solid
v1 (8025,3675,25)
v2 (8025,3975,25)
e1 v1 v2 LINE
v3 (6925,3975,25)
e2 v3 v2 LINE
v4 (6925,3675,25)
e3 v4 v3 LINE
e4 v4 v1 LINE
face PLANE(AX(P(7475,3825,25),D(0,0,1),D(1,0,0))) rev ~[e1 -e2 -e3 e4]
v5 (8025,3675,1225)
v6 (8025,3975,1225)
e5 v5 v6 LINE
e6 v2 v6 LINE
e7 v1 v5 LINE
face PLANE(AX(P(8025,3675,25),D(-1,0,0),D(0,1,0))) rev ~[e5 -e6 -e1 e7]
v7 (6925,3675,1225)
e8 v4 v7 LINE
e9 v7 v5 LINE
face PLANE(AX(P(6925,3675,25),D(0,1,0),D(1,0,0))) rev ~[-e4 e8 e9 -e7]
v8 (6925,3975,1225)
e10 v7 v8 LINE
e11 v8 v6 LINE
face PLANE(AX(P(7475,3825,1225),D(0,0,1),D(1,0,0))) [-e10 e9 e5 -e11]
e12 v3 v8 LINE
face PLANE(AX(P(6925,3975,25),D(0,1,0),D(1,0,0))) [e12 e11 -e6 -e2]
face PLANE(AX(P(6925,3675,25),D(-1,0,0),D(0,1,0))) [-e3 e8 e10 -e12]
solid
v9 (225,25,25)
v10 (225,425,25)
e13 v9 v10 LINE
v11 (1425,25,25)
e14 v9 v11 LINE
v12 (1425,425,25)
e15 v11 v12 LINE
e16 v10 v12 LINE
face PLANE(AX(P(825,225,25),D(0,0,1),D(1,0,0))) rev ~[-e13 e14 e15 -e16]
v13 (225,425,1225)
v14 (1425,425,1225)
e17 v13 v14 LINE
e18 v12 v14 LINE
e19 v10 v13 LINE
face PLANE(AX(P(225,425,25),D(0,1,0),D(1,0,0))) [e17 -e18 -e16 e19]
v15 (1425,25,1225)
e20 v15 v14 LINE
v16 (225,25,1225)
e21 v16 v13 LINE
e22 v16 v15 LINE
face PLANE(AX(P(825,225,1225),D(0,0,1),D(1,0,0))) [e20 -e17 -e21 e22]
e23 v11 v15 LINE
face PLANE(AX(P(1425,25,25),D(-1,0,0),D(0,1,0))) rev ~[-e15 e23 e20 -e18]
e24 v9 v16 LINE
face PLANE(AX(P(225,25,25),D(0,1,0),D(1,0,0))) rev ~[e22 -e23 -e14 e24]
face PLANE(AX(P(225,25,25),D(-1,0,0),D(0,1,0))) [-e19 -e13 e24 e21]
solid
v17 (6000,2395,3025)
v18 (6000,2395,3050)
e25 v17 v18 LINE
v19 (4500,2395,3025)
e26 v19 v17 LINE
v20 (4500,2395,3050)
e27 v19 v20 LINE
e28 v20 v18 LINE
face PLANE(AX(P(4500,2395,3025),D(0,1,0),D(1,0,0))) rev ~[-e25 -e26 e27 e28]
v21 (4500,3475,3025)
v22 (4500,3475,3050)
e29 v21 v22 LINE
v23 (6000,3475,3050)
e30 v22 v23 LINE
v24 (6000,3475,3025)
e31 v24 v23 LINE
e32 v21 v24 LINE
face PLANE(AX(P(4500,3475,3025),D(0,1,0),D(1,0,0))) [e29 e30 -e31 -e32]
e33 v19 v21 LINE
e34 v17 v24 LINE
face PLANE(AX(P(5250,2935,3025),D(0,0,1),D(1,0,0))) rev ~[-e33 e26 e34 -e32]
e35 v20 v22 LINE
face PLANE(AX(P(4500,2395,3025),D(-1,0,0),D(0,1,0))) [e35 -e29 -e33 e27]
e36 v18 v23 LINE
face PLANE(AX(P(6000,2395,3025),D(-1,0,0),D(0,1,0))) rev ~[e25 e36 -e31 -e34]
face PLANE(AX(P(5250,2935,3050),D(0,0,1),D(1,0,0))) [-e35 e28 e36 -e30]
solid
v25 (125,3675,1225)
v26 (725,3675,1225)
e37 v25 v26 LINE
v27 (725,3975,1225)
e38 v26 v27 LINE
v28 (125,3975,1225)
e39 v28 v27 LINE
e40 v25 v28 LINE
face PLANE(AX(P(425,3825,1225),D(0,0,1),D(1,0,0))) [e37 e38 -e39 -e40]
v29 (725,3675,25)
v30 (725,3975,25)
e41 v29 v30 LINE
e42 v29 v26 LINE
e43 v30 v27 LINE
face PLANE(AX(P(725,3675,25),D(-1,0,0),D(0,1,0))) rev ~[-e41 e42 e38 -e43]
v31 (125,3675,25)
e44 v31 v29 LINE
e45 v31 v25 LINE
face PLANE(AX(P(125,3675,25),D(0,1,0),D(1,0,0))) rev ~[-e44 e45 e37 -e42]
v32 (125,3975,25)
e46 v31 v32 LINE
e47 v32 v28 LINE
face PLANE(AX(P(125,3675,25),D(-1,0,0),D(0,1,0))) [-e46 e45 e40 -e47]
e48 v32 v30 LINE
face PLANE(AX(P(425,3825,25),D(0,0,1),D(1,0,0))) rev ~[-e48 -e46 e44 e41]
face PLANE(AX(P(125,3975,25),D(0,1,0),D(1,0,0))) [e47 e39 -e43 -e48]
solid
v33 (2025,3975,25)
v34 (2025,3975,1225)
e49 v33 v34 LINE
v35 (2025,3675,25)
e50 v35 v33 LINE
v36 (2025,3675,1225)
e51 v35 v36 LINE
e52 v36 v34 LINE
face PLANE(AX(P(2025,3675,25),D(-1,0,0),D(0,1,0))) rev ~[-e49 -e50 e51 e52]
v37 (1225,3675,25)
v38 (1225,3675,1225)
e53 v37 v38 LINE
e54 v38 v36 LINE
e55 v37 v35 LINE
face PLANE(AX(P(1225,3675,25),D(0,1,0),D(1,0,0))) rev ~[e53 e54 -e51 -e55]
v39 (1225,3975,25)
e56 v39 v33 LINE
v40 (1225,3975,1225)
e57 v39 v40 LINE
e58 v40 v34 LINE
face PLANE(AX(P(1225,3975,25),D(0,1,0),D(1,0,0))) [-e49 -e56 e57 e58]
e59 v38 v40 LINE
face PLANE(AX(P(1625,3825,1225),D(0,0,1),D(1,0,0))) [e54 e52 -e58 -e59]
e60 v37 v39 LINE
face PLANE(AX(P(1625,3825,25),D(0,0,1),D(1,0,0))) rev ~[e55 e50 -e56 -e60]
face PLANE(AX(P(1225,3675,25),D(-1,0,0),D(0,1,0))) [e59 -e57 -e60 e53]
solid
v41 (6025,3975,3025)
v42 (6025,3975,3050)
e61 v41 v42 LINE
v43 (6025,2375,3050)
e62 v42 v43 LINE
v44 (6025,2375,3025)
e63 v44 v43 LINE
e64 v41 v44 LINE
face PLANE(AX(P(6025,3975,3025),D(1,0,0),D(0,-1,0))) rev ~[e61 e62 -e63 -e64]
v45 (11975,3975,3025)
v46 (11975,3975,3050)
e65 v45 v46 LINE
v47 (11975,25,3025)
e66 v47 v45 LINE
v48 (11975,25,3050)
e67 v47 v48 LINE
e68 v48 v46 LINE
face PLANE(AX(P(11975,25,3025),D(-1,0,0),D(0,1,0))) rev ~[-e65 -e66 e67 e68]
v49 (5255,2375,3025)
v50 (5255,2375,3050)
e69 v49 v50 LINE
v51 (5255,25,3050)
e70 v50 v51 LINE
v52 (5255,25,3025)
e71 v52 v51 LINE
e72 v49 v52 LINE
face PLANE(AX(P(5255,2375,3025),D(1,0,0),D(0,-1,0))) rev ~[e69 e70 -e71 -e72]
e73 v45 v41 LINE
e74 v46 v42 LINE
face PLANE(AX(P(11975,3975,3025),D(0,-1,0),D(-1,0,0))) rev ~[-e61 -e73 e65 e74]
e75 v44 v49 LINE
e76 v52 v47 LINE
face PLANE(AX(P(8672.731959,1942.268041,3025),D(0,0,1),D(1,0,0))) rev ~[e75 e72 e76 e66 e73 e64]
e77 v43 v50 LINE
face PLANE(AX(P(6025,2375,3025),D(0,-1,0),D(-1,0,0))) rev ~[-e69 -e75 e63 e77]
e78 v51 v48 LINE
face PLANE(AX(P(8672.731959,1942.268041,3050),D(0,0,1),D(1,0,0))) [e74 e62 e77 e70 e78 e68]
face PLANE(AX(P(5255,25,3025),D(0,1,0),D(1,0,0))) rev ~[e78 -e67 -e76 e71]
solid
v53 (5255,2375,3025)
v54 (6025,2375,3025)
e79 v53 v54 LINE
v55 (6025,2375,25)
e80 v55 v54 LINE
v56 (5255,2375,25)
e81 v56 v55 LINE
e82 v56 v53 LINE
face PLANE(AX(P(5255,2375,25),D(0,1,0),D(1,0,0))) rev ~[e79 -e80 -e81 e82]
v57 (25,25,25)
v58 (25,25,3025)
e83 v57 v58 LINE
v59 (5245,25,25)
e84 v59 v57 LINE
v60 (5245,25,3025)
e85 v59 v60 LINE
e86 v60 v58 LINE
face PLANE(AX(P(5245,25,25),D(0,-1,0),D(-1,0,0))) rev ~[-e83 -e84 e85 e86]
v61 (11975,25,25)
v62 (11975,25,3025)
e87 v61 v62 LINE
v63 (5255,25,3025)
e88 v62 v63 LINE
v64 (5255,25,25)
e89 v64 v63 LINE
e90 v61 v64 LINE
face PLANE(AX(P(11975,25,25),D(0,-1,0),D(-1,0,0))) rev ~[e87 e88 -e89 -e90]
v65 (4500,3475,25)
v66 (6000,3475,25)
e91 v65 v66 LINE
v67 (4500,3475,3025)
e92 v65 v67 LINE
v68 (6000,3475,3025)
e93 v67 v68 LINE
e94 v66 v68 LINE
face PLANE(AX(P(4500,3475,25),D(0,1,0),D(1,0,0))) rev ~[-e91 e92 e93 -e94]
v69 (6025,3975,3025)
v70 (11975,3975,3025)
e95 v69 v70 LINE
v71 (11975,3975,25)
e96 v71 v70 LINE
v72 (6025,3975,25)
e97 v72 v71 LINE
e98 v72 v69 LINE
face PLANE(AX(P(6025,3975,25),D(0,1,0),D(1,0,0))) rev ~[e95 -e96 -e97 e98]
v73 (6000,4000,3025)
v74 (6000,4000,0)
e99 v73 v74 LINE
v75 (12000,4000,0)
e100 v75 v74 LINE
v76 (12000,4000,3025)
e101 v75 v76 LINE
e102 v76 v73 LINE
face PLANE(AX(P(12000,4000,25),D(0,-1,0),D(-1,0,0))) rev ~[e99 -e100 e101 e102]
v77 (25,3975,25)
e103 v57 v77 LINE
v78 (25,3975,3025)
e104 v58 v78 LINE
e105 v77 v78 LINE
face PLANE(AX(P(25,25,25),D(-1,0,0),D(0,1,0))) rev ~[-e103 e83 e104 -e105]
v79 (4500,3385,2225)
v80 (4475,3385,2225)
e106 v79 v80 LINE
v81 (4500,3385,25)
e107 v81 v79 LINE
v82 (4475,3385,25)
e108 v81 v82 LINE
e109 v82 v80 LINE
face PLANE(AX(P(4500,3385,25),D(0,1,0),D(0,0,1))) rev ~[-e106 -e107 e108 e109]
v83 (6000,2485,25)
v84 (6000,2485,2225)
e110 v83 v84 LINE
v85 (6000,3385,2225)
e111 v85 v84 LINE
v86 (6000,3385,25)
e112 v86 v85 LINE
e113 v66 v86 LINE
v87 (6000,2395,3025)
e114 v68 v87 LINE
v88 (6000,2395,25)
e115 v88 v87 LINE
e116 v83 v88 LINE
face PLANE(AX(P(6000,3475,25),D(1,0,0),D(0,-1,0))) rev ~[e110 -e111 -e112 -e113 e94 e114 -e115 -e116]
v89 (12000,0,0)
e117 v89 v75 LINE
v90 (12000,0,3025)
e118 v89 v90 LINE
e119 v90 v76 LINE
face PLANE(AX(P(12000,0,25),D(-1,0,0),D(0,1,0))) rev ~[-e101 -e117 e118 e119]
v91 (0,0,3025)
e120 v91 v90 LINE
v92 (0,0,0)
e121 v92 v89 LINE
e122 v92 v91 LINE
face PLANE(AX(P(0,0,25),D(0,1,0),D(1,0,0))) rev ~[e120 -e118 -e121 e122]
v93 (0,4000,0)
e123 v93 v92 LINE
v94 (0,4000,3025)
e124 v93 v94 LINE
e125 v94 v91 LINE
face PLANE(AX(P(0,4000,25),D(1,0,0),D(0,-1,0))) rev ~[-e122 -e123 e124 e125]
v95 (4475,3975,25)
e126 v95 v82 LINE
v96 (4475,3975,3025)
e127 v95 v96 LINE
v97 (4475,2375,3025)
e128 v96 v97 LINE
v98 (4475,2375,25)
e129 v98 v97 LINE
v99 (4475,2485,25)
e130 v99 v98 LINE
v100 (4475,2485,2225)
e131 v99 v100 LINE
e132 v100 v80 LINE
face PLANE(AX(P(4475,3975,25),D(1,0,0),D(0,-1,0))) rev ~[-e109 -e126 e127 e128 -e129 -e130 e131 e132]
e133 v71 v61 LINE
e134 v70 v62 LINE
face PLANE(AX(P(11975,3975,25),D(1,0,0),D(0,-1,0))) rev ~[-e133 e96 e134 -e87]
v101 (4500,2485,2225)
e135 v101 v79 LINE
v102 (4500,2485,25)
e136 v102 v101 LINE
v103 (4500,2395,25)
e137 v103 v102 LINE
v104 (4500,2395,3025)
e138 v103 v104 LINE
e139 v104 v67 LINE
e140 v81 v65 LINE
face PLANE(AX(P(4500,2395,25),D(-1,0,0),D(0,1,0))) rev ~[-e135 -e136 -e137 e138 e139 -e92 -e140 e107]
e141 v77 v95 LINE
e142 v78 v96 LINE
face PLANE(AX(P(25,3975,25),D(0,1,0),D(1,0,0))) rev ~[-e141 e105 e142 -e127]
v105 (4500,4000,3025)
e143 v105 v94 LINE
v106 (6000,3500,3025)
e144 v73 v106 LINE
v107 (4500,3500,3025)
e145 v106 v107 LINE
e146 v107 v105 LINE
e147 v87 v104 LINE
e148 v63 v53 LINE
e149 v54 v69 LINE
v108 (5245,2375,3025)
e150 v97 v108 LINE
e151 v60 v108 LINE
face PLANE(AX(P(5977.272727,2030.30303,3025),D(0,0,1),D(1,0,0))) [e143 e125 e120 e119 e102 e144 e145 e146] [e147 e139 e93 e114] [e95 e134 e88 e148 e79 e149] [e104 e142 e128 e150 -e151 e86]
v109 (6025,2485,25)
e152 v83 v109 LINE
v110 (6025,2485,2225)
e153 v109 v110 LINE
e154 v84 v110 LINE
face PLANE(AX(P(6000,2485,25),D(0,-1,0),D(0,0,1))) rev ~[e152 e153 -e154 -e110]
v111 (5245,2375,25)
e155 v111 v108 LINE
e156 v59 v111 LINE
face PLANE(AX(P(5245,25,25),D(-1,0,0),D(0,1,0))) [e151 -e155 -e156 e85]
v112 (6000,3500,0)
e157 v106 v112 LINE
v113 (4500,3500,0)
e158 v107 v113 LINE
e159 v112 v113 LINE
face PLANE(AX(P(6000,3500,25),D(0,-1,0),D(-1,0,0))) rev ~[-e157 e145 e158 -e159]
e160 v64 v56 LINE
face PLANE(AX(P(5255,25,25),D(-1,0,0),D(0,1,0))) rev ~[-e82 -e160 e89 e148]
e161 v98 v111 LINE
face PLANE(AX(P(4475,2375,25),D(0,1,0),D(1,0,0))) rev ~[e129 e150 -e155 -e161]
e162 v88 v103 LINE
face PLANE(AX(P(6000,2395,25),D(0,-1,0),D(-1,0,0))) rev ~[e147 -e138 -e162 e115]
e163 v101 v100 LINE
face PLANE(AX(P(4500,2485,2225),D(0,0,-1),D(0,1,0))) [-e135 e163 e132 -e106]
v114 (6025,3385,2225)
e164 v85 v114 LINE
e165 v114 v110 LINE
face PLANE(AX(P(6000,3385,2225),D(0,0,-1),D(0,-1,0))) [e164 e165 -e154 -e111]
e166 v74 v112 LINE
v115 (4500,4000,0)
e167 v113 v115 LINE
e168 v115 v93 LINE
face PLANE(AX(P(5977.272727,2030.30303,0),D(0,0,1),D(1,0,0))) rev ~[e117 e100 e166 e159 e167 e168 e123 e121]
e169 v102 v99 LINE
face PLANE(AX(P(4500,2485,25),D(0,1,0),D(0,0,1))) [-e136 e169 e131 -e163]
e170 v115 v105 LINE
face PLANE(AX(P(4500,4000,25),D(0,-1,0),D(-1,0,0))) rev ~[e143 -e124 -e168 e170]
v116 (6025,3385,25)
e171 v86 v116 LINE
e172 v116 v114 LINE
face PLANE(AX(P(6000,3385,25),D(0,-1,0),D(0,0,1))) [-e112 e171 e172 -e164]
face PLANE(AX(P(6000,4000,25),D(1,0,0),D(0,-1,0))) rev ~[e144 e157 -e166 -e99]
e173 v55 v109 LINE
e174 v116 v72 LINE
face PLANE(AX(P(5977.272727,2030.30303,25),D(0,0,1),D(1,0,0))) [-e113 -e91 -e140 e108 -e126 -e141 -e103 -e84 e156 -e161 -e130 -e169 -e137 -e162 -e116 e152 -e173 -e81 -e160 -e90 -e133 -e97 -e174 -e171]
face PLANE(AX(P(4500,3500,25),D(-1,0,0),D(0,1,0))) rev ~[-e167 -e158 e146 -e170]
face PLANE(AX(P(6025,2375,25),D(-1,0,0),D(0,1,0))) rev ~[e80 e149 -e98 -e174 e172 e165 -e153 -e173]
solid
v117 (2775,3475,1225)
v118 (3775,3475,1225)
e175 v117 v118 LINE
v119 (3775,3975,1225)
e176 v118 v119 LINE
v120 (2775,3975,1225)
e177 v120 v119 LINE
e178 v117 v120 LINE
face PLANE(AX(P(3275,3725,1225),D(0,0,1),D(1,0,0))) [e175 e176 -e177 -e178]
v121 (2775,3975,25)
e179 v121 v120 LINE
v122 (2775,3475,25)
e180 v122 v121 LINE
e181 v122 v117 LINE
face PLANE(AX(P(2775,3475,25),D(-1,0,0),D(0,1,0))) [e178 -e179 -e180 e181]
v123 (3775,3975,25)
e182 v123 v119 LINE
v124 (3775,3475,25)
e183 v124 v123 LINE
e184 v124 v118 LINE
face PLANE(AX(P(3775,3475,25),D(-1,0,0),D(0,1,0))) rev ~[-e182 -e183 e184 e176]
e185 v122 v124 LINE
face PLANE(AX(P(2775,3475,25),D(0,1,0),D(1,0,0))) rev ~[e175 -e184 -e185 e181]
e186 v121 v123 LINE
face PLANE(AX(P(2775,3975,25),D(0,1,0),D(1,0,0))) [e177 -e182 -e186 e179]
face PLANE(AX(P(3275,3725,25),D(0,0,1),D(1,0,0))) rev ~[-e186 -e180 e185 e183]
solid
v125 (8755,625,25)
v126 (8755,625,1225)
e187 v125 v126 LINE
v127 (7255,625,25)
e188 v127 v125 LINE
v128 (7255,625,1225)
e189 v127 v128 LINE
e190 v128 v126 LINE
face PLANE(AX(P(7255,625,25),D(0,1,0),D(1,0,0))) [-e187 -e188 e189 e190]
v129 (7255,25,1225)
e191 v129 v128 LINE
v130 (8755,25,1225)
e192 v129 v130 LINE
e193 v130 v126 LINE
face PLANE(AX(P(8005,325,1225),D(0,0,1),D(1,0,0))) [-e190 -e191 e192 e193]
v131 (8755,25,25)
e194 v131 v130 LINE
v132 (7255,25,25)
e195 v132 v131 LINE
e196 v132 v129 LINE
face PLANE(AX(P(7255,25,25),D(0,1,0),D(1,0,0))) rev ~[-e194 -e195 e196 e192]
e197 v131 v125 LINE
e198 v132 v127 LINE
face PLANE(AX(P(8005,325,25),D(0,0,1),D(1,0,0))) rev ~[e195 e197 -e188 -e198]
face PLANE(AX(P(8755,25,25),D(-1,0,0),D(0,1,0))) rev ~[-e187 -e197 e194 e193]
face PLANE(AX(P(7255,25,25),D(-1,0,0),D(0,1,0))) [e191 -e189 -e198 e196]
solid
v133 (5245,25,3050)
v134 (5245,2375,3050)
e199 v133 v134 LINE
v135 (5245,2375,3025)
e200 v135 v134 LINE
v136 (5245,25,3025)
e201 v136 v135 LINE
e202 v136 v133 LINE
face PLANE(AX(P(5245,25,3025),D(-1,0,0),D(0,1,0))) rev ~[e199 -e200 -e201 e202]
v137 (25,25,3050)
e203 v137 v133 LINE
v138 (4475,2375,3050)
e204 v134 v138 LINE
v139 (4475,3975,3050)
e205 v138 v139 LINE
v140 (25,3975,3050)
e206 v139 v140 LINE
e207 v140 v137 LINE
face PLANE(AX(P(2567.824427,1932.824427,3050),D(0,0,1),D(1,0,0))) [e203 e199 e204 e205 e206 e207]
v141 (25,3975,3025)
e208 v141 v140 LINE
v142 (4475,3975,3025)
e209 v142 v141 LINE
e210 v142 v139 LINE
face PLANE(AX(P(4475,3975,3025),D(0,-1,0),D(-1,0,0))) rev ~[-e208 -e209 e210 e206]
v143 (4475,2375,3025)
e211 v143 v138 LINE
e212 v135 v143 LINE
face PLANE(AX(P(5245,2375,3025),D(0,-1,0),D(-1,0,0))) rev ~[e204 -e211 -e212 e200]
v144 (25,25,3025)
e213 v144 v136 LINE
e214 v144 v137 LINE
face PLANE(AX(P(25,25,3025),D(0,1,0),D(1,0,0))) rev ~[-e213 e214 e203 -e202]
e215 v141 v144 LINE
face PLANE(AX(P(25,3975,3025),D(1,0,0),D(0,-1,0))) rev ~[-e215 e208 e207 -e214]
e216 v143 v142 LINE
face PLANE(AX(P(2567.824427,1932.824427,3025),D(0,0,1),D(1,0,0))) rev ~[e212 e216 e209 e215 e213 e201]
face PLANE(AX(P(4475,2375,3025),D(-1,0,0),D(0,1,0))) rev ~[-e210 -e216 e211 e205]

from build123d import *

# Parameters (mm, degrees)
F1_DEPTH  = 25
F2_W      = 10
F2_H      = 2350
F3_DEPTH  = 3000
F4_W      = 900
F4_H      = 2200
F5_DEPTH  = 25
F6_W      = 900
F6_H      = 2200
F7_DEPTH  = 25
F8_W      = 600
F8_H      = 300
F9_DEPTH  = 1200
F8_W_2    = 800
F8_W_3    = 1000
F8_H_2    = 500
F8_W_4    = 1200
F8_H_3    = 400
F8_W_5    = 1500
F8_H_4    = 600
F8_W_6    = 1100
F11_DEPTH = 25
F10_W     = 1500
F10_H     = 1080


with BuildPart() as f1:
    # F0 (on Top) → F1 (new body)
    with BuildSketch(Plane.XY):
        Polygon((4500, 4000), (0, 4000), (0, 0), (12000, 0), (12000, 4000), (6000, 4000), (6000, 3500), (4500, 3500), align=None)
    extrude(amount=F1_DEPTH)

    # F2 (on face) → F3 (join)
    with BuildSketch(Plane.XY.offset(25)):
        Polygon((4500, 3500), (4500, 4000), (0, 4000), (0, 0), (12000, 0), (12000, 4000), (6000, 4000), (6000, 3500), align=None)
        Polygon((5245, 25), (25, 25), (25, 3975), (4475, 3975), (4475, 3475), (4500, 3475), (6000, 3475), (6025, 3475), (6025, 3975), (11975, 3975), (11975, 25), (5255, 25), align=None, mode=Mode.SUBTRACT)
        Polygon((4475, 2375), (5245, 2375), (5255, 2375), (6025, 2375), (6025, 3475), (6000, 3475), (6000, 2395), (4500, 2395), (4500, 3475), (4475, 3475), align=None)
        with Locations((5250, 1200)):
            Rectangle(F2_W, F2_H)
    extrude(amount=F3_DEPTH)

    # F4 (on face) → F5 (cut, through all)
    with BuildSketch(Plane.YZ.offset(4500)):
        with Locations((2935, 1125)):
            Rectangle(F4_W, F4_H)
    extrude(amount=-F5_DEPTH, mode=Mode.SUBTRACT)

    # F6 (on face) → F7 (cut, through all)
    with BuildSketch(Plane(origin=(6000, 0, 0), x_dir=(0, -1, 0), z_dir=(-1, 0, 0))):
        with Locations((-2935, 1125)):
            Rectangle(F6_W, F6_H)
    extrude(amount=-F7_DEPTH, mode=Mode.SUBTRACT)


with BuildPart() as f9:
    # F8 (on face) → F9 (new body)
    with BuildSketch(Plane.XY.offset(25)):
        with Locations((425, 3825)):
            Rectangle(F8_W, F8_H)
    extrude(amount=F9_DEPTH)


with BuildPart() as f9b:
    # F8 (on face) → F9, piece 2 (new body)
    with BuildSketch(Plane.XY.offset(25)):
        with Locations((1625, 3825)):
            Rectangle(F8_W_2, F8_H)
    extrude(amount=F9_DEPTH)


with BuildPart() as f9c:
    # F8 (on face) → F9, piece 3 (new body)
    with BuildSketch(Plane.XY.offset(25)):
        with Locations((3275, 3725)):
            Rectangle(F8_W_3, F8_H_2)
    extrude(amount=F9_DEPTH)


with BuildPart() as f9d:
    # F8 (on face) → F9, piece 4 (new body)
    with BuildSketch(Plane.XY.offset(25)):
        with Locations((825, 225)):
            Rectangle(F8_W_4, F8_H_3)
    extrude(amount=F9_DEPTH)


with BuildPart() as f9e:
    # F8 (on face) → F9, piece 5 (new body)
    with BuildSketch(Plane.XY.offset(25)):
        with Locations((8005, 325)):
            Rectangle(F8_W_5, F8_H_4)
    extrude(amount=F9_DEPTH)


with BuildPart() as f9f:
    # F8 (on face) → F9, piece 6 (new body)
    with BuildSketch(Plane.XY.offset(25)):
        with Locations((7475, 3825)):
            Rectangle(F8_W_6, F8_H)
    extrude(amount=F9_DEPTH)


with BuildPart() as f11:
    # F10 (on face) → F11 (new body)
    with BuildSketch(Plane.XY.offset(3025)):
        Polygon((6025, 2375), (5255, 2375), (5255, 25), (11975, 25), (11975, 3975), (6025, 3975), align=None)
    extrude(amount=F11_DEPTH)


with BuildPart() as f11b:
    # F10 (on face) → F11, piece 2 (new body)
    with BuildSketch(Plane.XY.offset(3025)):
        Polygon((25, 3975), (25, 25), (5245, 25), (5245, 2375), (4475, 2375), (4475, 3975), align=None)
    extrude(amount=F11_DEPTH)


with BuildPart() as f11c:
    # F10 (on face) → F11, piece 3 (new body)
    with BuildSketch(Plane.XY.offset(3025)):
        with Locations((5250, 2935)):
            Rectangle(F10_W, F10_H)
    extrude(amount=F11_DEPTH)


solid = Compound([f1.part, f9.part, f9b.part, f9c.part, f9d.part, f9e.part, f9f.part, f11.part, f11b.part, f11c.part])
